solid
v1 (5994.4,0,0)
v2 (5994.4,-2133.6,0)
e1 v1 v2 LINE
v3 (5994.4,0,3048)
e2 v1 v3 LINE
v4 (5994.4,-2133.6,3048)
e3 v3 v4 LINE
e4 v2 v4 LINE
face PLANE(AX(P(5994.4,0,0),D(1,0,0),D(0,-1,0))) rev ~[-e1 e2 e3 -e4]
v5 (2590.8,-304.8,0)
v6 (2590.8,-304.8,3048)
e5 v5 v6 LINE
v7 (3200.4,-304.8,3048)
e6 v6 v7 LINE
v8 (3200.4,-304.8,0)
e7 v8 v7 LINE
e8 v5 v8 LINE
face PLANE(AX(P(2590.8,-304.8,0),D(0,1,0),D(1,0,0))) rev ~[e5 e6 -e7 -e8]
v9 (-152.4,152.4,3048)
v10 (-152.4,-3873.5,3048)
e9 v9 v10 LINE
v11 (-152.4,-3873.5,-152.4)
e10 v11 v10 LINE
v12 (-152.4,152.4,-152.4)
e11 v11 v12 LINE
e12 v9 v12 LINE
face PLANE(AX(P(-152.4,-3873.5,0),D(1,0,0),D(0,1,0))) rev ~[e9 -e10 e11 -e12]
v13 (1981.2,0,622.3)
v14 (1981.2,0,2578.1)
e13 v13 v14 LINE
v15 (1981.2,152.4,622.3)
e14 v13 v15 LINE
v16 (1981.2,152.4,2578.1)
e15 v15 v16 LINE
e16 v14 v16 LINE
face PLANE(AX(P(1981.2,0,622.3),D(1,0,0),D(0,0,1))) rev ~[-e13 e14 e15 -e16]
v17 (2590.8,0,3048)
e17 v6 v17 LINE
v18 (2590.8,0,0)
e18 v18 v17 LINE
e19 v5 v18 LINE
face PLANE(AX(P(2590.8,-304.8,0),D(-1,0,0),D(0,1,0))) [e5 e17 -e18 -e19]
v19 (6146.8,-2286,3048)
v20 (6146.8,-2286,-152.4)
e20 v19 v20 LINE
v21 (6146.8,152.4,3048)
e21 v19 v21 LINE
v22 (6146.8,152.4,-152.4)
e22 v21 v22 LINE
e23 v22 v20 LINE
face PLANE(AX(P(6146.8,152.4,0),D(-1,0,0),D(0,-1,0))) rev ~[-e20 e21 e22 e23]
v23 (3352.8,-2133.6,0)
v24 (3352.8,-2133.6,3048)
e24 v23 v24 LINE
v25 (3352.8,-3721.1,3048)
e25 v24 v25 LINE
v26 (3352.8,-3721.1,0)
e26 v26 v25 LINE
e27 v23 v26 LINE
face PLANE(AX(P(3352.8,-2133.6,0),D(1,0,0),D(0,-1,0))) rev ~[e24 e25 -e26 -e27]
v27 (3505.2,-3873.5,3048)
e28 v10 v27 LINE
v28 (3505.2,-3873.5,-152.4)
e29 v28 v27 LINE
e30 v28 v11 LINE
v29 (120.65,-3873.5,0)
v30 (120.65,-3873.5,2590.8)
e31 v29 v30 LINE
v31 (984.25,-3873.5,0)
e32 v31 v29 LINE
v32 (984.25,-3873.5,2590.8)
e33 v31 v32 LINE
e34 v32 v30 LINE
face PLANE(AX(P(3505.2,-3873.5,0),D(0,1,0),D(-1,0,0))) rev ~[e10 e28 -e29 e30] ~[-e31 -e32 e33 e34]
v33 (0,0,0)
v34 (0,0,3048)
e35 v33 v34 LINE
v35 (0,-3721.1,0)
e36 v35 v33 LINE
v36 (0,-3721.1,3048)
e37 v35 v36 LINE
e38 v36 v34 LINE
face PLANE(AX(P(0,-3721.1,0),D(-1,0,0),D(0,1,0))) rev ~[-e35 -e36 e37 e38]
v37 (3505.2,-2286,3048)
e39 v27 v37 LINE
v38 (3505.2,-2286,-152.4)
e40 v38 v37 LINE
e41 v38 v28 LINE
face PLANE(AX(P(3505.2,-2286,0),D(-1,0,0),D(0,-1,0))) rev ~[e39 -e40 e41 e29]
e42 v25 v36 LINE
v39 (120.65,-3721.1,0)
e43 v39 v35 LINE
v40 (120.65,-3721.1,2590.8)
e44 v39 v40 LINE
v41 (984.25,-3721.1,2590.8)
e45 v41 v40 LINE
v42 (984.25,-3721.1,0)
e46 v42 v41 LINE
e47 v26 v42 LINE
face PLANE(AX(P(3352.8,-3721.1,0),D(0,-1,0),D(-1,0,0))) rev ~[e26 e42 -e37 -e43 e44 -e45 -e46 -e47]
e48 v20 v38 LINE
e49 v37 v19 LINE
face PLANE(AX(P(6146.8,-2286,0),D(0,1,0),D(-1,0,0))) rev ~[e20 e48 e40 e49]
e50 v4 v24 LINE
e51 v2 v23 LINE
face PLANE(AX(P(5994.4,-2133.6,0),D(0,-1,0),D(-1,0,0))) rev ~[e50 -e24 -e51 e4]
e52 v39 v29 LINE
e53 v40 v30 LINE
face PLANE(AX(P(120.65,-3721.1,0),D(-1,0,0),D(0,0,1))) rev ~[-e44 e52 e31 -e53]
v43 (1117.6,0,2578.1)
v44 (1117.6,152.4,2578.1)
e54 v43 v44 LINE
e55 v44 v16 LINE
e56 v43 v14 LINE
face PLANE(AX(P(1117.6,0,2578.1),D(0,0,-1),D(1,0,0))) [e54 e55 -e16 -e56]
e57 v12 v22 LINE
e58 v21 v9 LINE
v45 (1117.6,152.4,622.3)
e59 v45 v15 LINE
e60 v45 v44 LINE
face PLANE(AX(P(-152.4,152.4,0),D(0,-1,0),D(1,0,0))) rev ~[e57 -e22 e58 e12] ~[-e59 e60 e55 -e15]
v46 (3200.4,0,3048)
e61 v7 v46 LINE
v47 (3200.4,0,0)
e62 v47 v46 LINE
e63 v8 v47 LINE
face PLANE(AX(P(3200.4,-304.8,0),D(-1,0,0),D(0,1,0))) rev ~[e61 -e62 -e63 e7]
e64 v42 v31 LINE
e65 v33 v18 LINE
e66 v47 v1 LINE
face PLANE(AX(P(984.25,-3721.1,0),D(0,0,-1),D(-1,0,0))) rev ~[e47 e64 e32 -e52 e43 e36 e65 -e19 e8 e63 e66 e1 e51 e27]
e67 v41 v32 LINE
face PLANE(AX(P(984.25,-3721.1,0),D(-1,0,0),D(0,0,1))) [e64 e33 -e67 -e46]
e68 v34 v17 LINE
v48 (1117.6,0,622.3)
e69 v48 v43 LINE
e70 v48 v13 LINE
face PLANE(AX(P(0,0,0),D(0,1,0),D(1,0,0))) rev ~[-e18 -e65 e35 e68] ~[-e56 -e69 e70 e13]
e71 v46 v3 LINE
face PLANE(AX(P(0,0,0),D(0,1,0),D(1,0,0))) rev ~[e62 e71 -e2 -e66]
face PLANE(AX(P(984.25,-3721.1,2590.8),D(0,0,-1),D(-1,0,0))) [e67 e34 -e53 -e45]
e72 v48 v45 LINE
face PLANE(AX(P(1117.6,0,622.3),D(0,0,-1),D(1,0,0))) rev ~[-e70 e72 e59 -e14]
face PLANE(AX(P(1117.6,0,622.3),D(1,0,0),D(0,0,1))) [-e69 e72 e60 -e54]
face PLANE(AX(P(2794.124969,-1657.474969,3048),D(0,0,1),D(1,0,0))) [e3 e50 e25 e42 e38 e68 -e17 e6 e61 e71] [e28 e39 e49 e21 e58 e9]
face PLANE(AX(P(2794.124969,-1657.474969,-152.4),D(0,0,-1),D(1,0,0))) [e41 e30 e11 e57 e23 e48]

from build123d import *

# Parameters (mm, degrees)
F1_DEPTH = 3048
F3_DEPTH = 152.4
F4_W     = 863.6
F4_H     = 2590.8
F5_DEPTH = 152.401
F6_W     = 863.6
F6_H     = 1955.8
F7_DEPTH = 152.401
F8_W     = 609.6
F8_H     = 304.8
F9_DEPTH = 3048


with BuildPart() as f1:
    # F0 (on Top) → F1 (new body)
    with BuildSketch(Plane.XY):
        Polygon((6146.8, -2286), (6146.8, 152.4), (-152.4, 152.4), (-152.4, -3873.5), (3505.2, -3873.5), (3505.2, -2286), align=None)
        Polygon((0, -3721.1), (0, 0), (5994.4, 0), (5994.4, -2133.6), (3352.8, -2133.6), (3352.8, -3721.1), align=None, mode=Mode.SUBTRACT)
    extrude(amount=F1_DEPTH)

    # F2 (on face) → F3 (join)
    with BuildSketch(Plane(origin=(0, 0, 0), x_dir=(1, 0, 0), z_dir=(0, 0, -1))):
        Polygon((-152.4, 3873.5), (-152.4, -152.4), (6146.8, -152.4), (6146.8, 2286), (3505.2, 2286), (3505.2, 3873.5), align=None)
    extrude(amount=F3_DEPTH)

    # F4 (on face) → F5 (cut, through all)
    with BuildSketch(Plane(origin=(0, -3721.1, 0), x_dir=(-1, 0, 0), z_dir=(0, 1, 0))):
        with Locations((-552.45, 1295.4)):
            Rectangle(F4_W, F4_H)
    extrude(amount=-F5_DEPTH, mode=Mode.SUBTRACT)

    # F6 (on face) → F7 (cut, through all)
    with BuildSketch(Plane.XZ):
        with Locations((1549.4, 1600.2)):
            Rectangle(F6_W, F6_H)
    extrude(amount=-F7_DEPTH, mode=Mode.SUBTRACT)

    # F8 (on face) → F9 (join, through all)
    with BuildSketch(Plane.XY):
        with Locations((2895.6, -152.4)):
            Rectangle(F8_W, F8_H)
    extrude(amount=F9_DEPTH)


solid = f1.part
